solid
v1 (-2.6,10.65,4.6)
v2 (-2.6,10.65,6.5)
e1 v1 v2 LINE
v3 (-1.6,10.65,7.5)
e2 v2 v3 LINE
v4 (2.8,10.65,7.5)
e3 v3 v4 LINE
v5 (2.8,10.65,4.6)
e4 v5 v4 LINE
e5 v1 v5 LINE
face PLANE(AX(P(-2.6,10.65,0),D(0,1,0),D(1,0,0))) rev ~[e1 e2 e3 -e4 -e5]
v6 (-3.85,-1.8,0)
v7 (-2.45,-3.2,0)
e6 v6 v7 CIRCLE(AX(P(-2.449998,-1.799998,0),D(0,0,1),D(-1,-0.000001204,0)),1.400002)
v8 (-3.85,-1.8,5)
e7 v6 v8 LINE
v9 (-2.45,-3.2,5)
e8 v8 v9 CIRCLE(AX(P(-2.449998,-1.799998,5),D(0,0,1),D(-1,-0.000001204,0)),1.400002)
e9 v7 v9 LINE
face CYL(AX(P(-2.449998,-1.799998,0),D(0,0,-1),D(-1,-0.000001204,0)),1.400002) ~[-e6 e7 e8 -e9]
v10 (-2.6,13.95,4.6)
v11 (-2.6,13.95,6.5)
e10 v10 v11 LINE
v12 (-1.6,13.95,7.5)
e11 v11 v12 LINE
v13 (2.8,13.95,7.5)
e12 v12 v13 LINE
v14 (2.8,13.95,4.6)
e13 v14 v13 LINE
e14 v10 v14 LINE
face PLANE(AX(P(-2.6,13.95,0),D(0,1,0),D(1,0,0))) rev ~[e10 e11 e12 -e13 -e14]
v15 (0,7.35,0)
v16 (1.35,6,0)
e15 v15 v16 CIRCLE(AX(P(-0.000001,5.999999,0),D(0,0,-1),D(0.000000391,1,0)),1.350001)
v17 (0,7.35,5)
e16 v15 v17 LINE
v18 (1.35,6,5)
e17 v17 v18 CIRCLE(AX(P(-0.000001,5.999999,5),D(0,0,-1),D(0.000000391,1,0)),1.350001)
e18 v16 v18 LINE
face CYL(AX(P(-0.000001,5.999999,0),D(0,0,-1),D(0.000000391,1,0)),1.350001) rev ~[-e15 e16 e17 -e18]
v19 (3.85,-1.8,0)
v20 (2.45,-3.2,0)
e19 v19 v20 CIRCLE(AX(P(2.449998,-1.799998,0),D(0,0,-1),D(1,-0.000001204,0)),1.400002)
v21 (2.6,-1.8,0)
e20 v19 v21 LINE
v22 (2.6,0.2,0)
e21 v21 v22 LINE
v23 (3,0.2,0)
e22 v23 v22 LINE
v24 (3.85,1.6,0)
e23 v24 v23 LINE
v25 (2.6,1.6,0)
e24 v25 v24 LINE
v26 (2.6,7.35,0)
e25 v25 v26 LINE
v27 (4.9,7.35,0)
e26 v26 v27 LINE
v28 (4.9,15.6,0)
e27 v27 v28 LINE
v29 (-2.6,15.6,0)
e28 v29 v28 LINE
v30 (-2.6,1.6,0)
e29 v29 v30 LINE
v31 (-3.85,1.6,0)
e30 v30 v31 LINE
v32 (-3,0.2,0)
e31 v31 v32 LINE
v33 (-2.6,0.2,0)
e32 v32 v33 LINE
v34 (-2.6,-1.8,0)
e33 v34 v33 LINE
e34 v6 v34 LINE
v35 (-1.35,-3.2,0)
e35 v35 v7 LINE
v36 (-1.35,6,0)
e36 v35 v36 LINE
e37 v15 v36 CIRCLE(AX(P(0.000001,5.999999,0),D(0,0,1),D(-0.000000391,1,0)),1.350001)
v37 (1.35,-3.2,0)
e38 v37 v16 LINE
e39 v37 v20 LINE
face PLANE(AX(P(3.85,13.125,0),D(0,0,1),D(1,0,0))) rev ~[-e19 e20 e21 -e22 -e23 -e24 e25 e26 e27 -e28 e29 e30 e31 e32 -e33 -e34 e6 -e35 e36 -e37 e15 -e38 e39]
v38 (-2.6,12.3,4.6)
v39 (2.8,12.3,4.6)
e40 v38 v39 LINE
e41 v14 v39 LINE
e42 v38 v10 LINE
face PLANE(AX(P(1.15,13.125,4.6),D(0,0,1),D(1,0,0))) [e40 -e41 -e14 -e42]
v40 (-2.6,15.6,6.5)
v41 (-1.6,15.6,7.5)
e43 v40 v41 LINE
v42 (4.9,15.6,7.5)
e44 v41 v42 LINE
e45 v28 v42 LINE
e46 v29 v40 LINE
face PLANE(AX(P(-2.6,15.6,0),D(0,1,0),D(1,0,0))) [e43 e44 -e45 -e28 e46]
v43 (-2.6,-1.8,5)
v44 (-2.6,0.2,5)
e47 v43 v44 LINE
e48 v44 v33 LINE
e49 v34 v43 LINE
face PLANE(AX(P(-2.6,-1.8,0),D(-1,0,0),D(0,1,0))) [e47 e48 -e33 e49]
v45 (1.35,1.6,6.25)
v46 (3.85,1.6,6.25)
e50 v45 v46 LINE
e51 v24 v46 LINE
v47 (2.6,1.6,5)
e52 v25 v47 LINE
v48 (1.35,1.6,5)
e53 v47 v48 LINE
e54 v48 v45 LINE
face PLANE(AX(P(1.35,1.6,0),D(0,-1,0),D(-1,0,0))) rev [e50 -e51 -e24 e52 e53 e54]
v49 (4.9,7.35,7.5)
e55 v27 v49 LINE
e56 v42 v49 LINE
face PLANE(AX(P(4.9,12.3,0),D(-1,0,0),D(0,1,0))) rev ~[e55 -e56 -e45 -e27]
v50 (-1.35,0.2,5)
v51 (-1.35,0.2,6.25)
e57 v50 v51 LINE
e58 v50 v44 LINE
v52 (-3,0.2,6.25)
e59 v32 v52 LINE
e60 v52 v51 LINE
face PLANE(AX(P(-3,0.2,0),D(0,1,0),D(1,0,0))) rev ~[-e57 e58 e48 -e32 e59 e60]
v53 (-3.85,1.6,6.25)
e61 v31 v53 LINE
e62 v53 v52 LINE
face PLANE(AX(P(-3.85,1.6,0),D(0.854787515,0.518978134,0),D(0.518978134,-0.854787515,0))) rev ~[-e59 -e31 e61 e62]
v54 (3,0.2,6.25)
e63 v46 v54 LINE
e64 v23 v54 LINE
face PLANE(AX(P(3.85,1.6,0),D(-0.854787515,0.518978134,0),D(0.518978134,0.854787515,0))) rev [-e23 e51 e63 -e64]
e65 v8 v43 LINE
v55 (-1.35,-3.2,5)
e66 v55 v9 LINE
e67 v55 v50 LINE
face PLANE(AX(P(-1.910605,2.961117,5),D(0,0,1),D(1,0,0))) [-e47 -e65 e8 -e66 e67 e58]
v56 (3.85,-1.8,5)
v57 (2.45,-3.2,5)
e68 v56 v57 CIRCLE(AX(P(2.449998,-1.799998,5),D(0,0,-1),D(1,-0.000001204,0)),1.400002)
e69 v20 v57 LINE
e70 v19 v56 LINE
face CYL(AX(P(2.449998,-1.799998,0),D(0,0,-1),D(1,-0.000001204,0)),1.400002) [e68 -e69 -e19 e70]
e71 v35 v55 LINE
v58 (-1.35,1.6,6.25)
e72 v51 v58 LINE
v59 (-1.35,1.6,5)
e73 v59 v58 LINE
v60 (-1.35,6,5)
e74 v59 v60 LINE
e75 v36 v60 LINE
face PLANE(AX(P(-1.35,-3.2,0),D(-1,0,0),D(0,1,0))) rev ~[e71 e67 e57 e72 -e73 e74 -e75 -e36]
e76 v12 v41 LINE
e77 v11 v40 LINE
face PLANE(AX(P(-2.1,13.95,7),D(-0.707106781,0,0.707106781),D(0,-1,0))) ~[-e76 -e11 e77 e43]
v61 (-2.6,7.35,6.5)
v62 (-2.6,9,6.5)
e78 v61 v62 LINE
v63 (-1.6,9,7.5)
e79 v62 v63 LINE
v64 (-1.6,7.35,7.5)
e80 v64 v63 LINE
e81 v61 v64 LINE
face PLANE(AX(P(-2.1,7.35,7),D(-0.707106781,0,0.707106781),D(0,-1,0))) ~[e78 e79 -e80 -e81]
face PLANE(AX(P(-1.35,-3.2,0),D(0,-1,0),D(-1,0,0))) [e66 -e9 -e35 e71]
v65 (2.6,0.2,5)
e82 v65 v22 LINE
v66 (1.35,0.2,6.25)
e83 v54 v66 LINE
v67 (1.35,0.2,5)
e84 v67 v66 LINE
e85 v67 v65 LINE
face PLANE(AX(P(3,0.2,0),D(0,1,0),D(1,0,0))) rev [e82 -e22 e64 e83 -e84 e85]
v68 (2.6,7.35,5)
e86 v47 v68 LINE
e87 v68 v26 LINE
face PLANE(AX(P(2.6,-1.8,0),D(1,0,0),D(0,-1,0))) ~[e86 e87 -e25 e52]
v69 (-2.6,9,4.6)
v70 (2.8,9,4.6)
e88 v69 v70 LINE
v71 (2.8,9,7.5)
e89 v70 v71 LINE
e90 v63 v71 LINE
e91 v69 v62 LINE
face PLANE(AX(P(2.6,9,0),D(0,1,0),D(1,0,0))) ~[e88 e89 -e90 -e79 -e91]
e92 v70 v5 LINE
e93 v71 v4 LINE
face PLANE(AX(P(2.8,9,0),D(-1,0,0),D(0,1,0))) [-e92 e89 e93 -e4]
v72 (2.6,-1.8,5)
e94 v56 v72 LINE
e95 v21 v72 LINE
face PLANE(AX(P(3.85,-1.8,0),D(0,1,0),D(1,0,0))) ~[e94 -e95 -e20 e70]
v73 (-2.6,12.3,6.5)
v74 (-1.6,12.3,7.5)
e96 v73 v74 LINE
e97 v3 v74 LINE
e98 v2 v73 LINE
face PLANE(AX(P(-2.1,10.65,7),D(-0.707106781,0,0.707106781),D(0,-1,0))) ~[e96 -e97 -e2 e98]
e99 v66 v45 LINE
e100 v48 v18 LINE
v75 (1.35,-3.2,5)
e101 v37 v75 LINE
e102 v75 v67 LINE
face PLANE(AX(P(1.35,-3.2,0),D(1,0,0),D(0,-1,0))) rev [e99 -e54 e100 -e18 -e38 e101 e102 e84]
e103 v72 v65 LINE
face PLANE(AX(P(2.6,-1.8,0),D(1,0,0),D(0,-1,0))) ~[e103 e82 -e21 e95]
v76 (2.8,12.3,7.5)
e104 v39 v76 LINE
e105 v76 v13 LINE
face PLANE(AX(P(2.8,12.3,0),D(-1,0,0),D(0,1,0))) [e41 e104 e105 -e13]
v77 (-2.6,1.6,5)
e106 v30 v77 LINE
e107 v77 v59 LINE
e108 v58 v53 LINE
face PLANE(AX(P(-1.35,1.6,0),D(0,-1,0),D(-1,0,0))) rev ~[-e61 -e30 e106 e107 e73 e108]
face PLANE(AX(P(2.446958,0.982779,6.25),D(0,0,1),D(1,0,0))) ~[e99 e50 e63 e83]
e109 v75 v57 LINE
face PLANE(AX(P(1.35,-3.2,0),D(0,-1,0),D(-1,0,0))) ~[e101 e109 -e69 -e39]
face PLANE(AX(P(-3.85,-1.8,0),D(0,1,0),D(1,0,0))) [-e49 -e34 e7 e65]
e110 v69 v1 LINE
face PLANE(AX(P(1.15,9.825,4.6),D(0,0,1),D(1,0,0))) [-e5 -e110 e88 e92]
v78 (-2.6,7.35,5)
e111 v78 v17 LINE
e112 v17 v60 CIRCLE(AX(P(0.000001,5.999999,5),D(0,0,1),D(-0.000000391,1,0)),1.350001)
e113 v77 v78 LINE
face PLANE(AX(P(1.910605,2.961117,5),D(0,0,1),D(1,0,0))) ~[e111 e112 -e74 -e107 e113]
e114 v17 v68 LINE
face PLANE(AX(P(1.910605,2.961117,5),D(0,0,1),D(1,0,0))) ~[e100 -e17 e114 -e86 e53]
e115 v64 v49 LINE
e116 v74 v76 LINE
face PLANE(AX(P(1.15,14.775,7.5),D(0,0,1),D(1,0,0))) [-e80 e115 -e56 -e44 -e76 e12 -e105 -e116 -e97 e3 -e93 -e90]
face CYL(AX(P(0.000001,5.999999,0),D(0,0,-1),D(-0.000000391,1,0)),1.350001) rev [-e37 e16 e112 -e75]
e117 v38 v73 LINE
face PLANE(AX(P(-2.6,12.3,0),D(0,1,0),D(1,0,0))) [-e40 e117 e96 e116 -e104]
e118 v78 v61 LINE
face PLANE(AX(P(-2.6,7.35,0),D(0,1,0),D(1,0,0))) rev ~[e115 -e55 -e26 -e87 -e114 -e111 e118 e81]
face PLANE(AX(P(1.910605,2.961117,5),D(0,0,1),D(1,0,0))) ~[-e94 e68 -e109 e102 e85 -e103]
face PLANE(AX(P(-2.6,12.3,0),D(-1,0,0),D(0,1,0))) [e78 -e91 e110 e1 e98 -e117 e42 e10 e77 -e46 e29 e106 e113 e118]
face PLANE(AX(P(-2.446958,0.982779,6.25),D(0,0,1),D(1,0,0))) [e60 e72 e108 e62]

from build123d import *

# Parameters (mm, degrees)
PAD017_DEPTH           = 5
PAD020_DEPTH           = 6.25
SKETCH109_W            = 7.5
SKETCH109_H            = 1.65
PAD078_DEPTH           = 7.5
SKETCH107_W            = 2.1
SKETCH107_H            = 1.65
PAD079_DEPTH           = 7.5
SKETCH106_W            = 7.5
SKETCH106_H            = 1.65
PAD080_DEPTH           = 4.6
SKETCH108_W            = 7.5
SKETCH108_H            = 1.65
PAD081_DEPTH           = 7.5
LINEARPATTERN025_COUNT = 2
LINEARPATTERN025_PITCH = 3.3
CHAMFER015_SIZE        = 1


with BuildPart() as bc_c:
    # Sketch034 → Pad017 (new body)
    with BuildSketch(Plane.XY):
        with BuildLine():
            Line((-1.35, -1.8), (-1.35, 6))
            ThreePointArc((0, 7.35), (-0.954594, 6.954594), (-1.35, 6))
            Line((0, 9), (0, 7.35))
            Line((-2.6, 9), (0, 9))
            Line((-2.6, -1.8), (-2.6, 9))
            Line((-3.85, -1.8), (-2.6, -1.8))
            ThreePointArc((-3.85, -1.8), (-3.439949, -2.789949), (-2.45, -3.2))
            Line((-1.35, -3.2), (-2.45, -3.2))
            Line((-1.35, -1.8), (-1.35, -3.2))
        make_face()
    extrude(amount=PAD017_DEPTH)

    # Sketch037 → Pad020 (join)
    with BuildSketch(Plane.XY):
        Polygon((-1.35, 0.2), (-1.35, 1.6), (-2.6, 1.6), (-3.85, 1.6), (-3, 0.2), (-2.6, 0.2), align=None)
    extrude(amount=PAD020_DEPTH)


with BuildPart() as bc_s_mirrored:
    # Mirror001: instance of _bc_c
    add(bc_c.part.mirror(Plane(origin=(0, 0, 0), x_dir=(0, 1, 0), z_dir=(-1, 0, 0))))


with BuildPart() as body041:
    # Fusion001 base: copy of _bc_c
    add(bc_c.part)

    # Fusion001: union _bc_s(mirrored)
    add(bc_s_mirrored.part)

    # Sketch109 → Pad078 (new body)
    with BuildSketch(Plane.XY):
        with Locations((1.15, 8.175)):
            Rectangle(SKETCH109_W, SKETCH109_H)
    extrude(amount=PAD078_DEPTH)

    # Sketch107 → Pad079 (join)
    with BuildSketch(Plane.XY):
        with Locations((3.85, 9.825)):
            Rectangle(SKETCH107_W, SKETCH107_H)
    pad079 = extrude(amount=PAD079_DEPTH)

    # Sketch106 → Pad080 (join)
    with BuildSketch(Plane.XY):
        with Locations((1.15, 9.825)):
            Rectangle(SKETCH106_W, SKETCH106_H)
    pad080 = extrude(amount=PAD080_DEPTH)

    # Sketch108 → Pad081 (join)
    with BuildSketch(Plane.XY):
        with Locations((1.15, 11.475)):
            Rectangle(SKETCH108_W, SKETCH108_H)
    pad081 = extrude(amount=PAD081_DEPTH)

    # LinearPattern025: Pad081, Pad080, Pad079 ×2
    with Locations(*[(0, i * LINEARPATTERN025_PITCH, 0) for i in range(1, LINEARPATTERN025_COUNT)]):
        add(pad081)
        add(pad080)
        add(pad079)

    # Chamfer015
    chamfer015_edges = [body041.edges().sort_by_distance(p)[0] for p in [
        (-2.6, 14.775, 7.5),
        (-2.6, 11.475, 7.5),
        (-2.6, 8.175, 7.5),
    ]]
    chamfer(chamfer015_edges, length=CHAMFER015_SIZE)


solid = body041.part
